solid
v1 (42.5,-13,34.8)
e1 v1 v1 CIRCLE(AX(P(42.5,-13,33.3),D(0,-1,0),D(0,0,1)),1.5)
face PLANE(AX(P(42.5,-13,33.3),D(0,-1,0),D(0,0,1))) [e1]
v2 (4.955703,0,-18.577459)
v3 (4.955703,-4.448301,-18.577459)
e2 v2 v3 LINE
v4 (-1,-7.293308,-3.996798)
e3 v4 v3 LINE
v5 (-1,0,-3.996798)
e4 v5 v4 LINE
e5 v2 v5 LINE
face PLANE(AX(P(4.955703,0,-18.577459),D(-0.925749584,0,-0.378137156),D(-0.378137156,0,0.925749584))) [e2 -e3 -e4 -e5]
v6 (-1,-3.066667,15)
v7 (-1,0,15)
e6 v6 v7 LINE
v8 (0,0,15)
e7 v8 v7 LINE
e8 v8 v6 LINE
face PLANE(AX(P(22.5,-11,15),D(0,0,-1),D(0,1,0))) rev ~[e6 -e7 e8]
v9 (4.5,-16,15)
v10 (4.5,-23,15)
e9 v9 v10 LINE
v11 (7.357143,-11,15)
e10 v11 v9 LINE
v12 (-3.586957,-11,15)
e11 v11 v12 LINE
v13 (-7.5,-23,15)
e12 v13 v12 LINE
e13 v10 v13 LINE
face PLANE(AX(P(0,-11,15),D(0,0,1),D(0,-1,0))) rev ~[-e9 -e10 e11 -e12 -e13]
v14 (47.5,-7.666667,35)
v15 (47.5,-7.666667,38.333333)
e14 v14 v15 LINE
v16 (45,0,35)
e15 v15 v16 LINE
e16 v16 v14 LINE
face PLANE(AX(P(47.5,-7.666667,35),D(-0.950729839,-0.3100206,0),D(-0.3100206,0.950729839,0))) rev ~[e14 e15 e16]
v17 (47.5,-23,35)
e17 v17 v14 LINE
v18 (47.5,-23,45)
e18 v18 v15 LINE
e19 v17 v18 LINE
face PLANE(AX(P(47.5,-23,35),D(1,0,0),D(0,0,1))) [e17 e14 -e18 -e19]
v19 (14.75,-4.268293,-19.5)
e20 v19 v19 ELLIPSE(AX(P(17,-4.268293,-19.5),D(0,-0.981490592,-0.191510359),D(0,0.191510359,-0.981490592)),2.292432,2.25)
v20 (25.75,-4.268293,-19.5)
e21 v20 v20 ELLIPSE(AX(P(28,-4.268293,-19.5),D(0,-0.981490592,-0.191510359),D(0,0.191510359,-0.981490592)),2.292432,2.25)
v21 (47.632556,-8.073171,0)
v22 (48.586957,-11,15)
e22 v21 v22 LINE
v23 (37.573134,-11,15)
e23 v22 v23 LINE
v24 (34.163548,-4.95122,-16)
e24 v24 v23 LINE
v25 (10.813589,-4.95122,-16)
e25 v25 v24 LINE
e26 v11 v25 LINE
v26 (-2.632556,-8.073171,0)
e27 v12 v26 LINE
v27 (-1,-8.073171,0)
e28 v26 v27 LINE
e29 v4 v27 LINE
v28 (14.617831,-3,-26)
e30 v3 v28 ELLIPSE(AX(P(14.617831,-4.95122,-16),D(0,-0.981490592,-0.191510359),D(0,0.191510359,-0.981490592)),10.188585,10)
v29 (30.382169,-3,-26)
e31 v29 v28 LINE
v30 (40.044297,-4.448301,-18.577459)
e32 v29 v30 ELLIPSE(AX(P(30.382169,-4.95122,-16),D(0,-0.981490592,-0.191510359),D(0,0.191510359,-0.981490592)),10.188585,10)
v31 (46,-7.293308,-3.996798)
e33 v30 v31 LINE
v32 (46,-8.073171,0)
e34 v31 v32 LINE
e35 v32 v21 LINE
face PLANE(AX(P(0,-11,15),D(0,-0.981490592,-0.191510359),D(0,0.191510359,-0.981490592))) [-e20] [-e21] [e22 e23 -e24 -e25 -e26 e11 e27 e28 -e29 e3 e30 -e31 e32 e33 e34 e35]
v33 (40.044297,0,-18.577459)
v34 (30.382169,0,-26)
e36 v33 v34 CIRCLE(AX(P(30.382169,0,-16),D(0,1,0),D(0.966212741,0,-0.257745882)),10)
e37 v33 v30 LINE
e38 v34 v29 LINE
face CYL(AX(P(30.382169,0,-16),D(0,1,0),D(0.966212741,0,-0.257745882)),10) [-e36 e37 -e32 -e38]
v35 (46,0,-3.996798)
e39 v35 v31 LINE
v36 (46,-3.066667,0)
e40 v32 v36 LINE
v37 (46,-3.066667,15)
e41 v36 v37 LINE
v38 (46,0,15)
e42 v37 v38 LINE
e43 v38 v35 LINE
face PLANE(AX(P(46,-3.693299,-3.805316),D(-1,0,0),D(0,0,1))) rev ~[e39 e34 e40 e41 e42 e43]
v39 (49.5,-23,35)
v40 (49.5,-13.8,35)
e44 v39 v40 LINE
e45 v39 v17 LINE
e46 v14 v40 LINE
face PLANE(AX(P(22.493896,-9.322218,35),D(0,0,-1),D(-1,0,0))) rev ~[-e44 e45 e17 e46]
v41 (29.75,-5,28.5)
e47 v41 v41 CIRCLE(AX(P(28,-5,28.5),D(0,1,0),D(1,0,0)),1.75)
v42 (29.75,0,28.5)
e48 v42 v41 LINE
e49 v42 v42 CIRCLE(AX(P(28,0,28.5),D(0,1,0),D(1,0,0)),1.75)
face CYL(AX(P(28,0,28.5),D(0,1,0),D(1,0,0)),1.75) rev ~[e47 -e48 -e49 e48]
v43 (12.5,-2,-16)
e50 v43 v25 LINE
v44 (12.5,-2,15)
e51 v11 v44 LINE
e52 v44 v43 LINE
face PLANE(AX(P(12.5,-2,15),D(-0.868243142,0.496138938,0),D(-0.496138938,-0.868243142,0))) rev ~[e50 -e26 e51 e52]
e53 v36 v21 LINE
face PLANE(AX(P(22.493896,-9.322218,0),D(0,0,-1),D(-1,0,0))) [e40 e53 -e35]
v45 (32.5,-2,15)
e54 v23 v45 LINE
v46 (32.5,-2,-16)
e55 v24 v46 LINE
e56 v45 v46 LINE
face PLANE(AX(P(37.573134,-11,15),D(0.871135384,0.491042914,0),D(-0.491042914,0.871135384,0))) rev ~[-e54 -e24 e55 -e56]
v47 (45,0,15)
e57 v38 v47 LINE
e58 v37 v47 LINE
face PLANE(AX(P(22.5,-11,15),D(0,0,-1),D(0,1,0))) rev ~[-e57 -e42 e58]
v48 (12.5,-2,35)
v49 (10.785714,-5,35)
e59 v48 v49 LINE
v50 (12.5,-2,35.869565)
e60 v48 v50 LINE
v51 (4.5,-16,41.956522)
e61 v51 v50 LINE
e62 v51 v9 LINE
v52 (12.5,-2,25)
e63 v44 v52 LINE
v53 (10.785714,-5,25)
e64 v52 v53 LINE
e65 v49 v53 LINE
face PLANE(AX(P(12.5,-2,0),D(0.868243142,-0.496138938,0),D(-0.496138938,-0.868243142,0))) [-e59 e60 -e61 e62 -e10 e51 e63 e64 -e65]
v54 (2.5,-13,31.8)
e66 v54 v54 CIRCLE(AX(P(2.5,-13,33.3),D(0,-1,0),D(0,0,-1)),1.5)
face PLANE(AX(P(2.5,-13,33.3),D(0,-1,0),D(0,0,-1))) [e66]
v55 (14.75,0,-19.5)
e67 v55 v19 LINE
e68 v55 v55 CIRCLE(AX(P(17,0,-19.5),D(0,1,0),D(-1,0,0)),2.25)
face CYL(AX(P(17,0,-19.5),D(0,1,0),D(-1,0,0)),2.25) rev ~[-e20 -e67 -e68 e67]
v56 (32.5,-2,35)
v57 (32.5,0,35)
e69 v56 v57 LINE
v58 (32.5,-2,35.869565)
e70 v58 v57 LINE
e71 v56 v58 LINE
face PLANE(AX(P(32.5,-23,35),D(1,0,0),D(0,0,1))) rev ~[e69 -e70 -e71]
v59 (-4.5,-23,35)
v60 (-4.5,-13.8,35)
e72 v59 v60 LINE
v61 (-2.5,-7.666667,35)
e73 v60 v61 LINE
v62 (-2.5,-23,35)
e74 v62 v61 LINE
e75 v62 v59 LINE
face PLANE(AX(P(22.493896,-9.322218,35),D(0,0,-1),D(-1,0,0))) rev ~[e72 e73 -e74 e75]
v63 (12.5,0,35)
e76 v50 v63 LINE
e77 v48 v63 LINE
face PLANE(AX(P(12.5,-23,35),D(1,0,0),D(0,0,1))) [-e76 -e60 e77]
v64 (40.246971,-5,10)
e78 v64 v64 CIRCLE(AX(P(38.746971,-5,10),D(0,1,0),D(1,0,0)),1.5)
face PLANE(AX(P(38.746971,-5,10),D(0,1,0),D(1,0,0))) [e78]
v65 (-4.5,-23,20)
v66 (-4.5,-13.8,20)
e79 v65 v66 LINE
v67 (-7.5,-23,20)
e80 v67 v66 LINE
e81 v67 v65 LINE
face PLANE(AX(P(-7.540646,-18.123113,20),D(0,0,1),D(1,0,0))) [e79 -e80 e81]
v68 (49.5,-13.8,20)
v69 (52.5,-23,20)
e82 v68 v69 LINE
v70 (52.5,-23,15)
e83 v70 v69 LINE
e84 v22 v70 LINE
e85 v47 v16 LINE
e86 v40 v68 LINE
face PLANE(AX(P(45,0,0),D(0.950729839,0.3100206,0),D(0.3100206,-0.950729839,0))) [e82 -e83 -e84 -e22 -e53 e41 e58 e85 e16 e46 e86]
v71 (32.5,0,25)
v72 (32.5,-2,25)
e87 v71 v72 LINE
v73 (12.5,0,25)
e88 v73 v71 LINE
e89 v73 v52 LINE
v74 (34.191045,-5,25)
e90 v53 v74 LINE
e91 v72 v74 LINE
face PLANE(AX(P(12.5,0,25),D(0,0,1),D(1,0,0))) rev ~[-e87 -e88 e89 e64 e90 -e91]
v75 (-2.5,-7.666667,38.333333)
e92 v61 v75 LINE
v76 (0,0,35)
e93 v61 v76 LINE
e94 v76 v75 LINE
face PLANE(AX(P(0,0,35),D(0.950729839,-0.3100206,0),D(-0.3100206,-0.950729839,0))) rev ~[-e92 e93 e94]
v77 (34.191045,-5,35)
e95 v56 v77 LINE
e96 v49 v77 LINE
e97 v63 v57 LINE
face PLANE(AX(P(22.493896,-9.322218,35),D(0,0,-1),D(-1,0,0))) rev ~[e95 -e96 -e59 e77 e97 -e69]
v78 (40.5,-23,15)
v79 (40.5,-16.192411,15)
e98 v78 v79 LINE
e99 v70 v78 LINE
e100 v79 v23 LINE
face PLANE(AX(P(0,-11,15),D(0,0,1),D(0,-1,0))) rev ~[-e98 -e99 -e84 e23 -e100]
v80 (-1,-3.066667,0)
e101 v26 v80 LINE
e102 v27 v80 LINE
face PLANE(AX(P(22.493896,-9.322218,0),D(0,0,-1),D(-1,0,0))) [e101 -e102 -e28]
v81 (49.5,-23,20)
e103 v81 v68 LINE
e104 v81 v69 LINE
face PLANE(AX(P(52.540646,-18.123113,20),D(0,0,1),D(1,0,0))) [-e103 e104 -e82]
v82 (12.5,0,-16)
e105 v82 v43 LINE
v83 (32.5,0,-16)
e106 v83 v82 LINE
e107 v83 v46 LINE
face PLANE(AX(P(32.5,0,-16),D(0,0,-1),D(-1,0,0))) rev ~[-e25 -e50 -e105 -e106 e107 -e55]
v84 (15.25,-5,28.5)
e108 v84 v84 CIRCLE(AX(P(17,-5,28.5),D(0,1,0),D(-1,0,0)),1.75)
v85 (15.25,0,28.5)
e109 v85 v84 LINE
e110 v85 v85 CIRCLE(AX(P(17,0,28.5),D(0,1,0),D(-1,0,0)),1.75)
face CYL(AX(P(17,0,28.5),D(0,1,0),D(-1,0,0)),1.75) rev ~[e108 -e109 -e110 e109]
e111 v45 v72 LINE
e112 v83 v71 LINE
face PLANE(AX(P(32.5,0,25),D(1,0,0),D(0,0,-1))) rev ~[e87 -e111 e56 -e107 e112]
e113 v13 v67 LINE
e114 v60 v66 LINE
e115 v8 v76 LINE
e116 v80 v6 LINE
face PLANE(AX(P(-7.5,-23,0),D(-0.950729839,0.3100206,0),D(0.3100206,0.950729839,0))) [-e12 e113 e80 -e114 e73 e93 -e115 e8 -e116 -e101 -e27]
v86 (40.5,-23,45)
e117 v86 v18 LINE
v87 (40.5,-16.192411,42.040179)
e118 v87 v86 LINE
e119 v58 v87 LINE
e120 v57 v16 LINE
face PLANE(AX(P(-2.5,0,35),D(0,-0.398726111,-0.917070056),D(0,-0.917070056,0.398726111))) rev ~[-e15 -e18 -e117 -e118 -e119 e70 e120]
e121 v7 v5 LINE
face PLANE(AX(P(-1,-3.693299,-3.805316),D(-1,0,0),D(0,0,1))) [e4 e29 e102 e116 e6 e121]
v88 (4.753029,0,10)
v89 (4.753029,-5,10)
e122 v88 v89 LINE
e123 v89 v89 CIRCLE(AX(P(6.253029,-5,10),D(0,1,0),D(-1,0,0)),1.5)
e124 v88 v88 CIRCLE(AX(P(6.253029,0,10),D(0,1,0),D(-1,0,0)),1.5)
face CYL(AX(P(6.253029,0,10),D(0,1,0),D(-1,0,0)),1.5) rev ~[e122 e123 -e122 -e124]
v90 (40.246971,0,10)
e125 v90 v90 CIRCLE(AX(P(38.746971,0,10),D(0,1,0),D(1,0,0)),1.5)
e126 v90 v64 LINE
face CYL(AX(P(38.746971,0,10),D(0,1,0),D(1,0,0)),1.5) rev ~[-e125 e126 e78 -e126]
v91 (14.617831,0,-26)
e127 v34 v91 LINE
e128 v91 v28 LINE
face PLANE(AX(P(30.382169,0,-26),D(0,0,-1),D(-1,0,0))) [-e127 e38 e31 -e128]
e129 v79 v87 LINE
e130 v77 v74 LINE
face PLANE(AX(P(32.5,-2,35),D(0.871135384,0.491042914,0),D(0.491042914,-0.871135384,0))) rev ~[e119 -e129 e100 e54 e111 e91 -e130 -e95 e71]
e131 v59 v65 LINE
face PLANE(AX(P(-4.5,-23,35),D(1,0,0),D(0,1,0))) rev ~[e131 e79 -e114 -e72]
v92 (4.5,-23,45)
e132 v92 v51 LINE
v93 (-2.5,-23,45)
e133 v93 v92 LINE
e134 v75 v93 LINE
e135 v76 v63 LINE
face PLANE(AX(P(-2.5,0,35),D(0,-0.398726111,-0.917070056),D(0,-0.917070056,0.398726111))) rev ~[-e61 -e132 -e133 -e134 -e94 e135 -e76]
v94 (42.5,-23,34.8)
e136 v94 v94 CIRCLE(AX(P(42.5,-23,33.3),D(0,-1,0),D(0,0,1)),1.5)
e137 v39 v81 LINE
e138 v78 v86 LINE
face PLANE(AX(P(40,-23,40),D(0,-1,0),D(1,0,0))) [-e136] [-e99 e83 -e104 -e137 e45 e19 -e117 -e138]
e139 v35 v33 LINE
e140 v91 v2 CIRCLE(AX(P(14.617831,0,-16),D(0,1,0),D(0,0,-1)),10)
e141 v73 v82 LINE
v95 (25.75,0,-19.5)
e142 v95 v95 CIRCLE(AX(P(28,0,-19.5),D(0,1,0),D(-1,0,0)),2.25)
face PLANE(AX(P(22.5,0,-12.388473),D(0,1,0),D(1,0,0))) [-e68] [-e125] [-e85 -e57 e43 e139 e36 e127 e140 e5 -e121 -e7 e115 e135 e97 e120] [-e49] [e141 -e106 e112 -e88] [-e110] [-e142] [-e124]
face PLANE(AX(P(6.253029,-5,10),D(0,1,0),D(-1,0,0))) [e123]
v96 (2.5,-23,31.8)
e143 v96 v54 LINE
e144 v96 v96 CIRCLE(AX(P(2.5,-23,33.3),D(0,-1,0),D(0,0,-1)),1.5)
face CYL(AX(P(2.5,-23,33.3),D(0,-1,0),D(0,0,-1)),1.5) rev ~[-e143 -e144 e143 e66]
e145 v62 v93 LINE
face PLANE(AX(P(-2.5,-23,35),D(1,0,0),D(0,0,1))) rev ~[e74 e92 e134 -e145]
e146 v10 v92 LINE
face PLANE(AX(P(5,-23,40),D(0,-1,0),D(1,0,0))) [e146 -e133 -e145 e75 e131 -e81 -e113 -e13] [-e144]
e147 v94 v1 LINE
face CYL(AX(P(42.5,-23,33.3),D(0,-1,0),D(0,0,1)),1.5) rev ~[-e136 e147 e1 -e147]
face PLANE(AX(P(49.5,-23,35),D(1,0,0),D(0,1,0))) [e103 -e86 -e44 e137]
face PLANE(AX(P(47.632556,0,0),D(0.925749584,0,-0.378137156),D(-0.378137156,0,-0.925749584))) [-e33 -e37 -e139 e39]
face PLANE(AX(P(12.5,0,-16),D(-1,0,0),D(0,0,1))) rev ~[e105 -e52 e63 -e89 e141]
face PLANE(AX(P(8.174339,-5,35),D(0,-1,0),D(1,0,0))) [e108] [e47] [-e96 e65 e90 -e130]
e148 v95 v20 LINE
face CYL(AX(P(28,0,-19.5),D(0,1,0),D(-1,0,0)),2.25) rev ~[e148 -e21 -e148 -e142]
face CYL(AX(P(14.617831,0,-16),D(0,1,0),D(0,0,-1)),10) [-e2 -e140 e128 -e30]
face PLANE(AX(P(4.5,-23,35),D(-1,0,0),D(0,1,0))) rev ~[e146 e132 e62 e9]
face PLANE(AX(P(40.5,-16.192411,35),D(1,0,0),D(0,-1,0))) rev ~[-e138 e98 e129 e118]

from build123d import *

# Parameters (mm, degrees)
SALIENTE_EXTRUIR1_DEPTH = 35
CROQUIS6_R              = 2.25
CROQUIS6_W              = 20
CROQUIS6_H              = 25
CORTAR_EXTRUIR3_DEPTH   = 10
CROQUIS7_R              = 2.25
SALIENTE_EXTRUIR4_DEPTH = 15
CROQUIS8_R              = 1.5
CORTAR_EXTRUIR4_DEPTH   = 10
CORTAR_EXTRUIR8_DEPTH   = 50
CORTAR_EXTRUIR11_REACH  = 69.158
CORTAR_EXTRUIR12_DEPTH  = 16
CROQUIS13_W             = 6.081292266
CROQUIS13_H             = 9.753773429
CORTAR_EXTRUIR13_DEPTH  = 15
CORTAR_EXTRUIR14_DEPTH  = 63.5
CORTAR_EXTRUIR15_DEPTH  = 100
SALIENTE_EXTRUIR5_REACH = 69.158
CROQUIS16_W             = 15
CROQUIS16_H             = 10
CORTAR_EXTRUIR16_DEPTH  = 200
CORTAR_EXTRUIR17_DEPTH  = 200
SALIENTE_EXTRUIR7_DEPTH = 23.5
CROQUIS22_R             = 2.25
CORTAR_EXTRUIR19_DEPTH  = 47
CORTAR_EXTRUIR20_DEPTH  = 31
CROQUIS24_W             = 29.420485752
CROQUIS24_H             = 5
SALIENTE_EXTRUIR9_DEPTH = 10
CROQUIS25_R             = 1.75
CROQUIS25_R_2           = 1.5
CORTAR_EXTRUIR21_DEPTH  = 5


with BuildPart() as part:
    # Croquis1 → Saliente-Extruir1 (new body)
    with BuildSketch(Plane.XY):
        Polygon((0, 0), (45, 0), (52.5, -23), (40.5, -23), (40.5, -16.192411456), (32.5, -2), (12.5, -2), (4.5, -16), (4.5, -23), (-7.5, -23), align=None)
    extrude(amount=SALIENTE_EXTRUIR1_DEPTH)

    # Croquis6 → Cortar-Extruir3 (cut)
    with BuildSketch(Plane(origin=(0, 0, 0), x_dir=(1, 0, 0), z_dir=(0, 1, 0))):
        with Locations(Location((17, -28.5, 0), (0, 0, 180))):
            Circle(CROQUIS6_R)
        with Locations(Location((28, -28.5, 0), (0, 0, 270))):
            Circle(CROQUIS6_R)
        with Locations((22.5, -12.5)):
            Rectangle(CROQUIS6_W, CROQUIS6_H)
    extrude(amount=-CORTAR_EXTRUIR3_DEPTH, mode=Mode.SUBTRACT)

    # Croquis8 → Cortar-Extruir4 (cut)
    with BuildSketch(Plane(origin=(0, -23, 0), x_dir=(-1, 0, 0), z_dir=(0, -1, 0))):
        with Locations(Location((-2.5, -33.3, 0), (0, 0, 90))):
            Circle(CROQUIS8_R)
        with Locations(Location((-42.5, -33.3, 0), (0, 0, 270))):
            Circle(CROQUIS8_R)
    extrude(amount=-CORTAR_EXTRUIR4_DEPTH, mode=Mode.SUBTRACT)

    # Cortar-Extruir11: up to this plane
    cortar_extruir11_end = Plane(origin=(50, -15, 0), z_dir=(0, -0.9079593845004518, -0.41905817746174695))
    # Croquis11 → Cortar-Extruir11 (cut, up to the surface)
    with BuildSketch(Plane.XZ.offset(23), mode=Mode.PRIVATE) as cortar_extruir11_sk1:
        with BuildLine():
            Line((-7.5, 15), (-7.5, -3.030649644))
            Line((-7.5, -3.030649644), (52.5, -3.030649644))
            Line((52.5, -3.030649644), (52.5, 15))
            ThreePointArc((52.5, 15), (22.5, 5.553378231), (-7.5, 15))
        make_face()
    cortar_extruir11_tool1 = split(extrude(cortar_extruir11_sk1.sketch, amount=-CORTAR_EXTRUIR11_REACH, mode=Mode.PRIVATE), bisect_by=cortar_extruir11_end, keep=Keep.BOTH, mode=Mode.PRIVATE)
    add(cortar_extruir11_tool1.solids().sort_by_distance((22.5, -23, 3.105508))[0], mode=Mode.SUBTRACT)

    # Croquis13 → Cortar-Extruir13 (cut)
    with BuildSketch(Plane.XY.offset(35)):
        with Locations((-7.540646133, -18.123113286)):
            Rectangle(CROQUIS13_W, CROQUIS13_H)
        with Locations((52.540646133, -18.123113286)):
            Rectangle(CROQUIS13_W, CROQUIS13_H)
    extrude(amount=-CORTAR_EXTRUIR13_DEPTH, mode=Mode.SUBTRACT)

    # Croquis14 → Cortar-Extruir14 (cut, symmetric)
    with BuildSketch(Plane(origin=(0, 0, 0), x_dir=(0, 0, -1), z_dir=(1, 0, 0))):
        Polygon((-15, -11), (-15, -28.858785619), (26, -23), (26, -3), align=None)
    extrude(amount=CORTAR_EXTRUIR14_DEPTH, both=True, mode=Mode.SUBTRACT)

    # Saliente-Extruir5: up to this face of the body (flat: up to its plane)
    saliente_extruir5_end = Plane(part.part.faces().sort_by_distance((6.25, 0, 0.570087713))[0])
    # Croquis16 → Saliente-Extruir5 (add, up to the picked face)
    with BuildSketch(Plane.XZ.offset(23), mode=Mode.PRIVATE) as saliente_extruir5_sk1:
        with Locations((5, 40)):
            Rectangle(CROQUIS16_W, CROQUIS16_H)
    saliente_extruir5_tool1 = split(extrude(saliente_extruir5_sk1.sketch, amount=-SALIENTE_EXTRUIR5_REACH, mode=Mode.PRIVATE), bisect_by=saliente_extruir5_end, keep=Keep.BOTH, mode=Mode.PRIVATE)
    # Croquis16 → Saliente-Extruir5 (add, up to the picked face)
    with BuildSketch(Plane.XZ.offset(23), mode=Mode.PRIVATE) as saliente_extruir5_sk2:
        with Locations((40, 40)):
            Rectangle(CROQUIS16_W, CROQUIS16_H)
    saliente_extruir5_tool2 = split(extrude(saliente_extruir5_sk2.sketch, amount=-SALIENTE_EXTRUIR5_REACH, mode=Mode.PRIVATE), bisect_by=saliente_extruir5_end, keep=Keep.BOTH, mode=Mode.PRIVATE)
    add(saliente_extruir5_tool1.solids().sort_by(Axis((5, -23, 40), (0, 1, 0)))[0])
    add(saliente_extruir5_tool2.solids().sort_by(Axis((40, -23, 40), (0, 1, 0)))[0])

    # Croquis17 → Cortar-Extruir16 (cut)
    with BuildSketch(Plane.ZY.offset(2.5)):
        Polygon((35, 0), (45, -23), (45, 0), align=None)
    extrude(amount=-CORTAR_EXTRUIR16_DEPTH, mode=Mode.SUBTRACT)

    # Croquis18 → Cortar-Extruir17 (cut)
    with BuildSketch(Plane(origin=(0, 0, 35), x_dir=(-1, 0, 0), z_dir=(0, 0, -1))):
        Polygon((-32.5, -2), (-40.5, -16.192411456), (-40.5, -23), (-32.5, -23), align=None)
        Polygon((-12.5, -23), (-4.5, -23), (-4.5, -16), (-12.5, -2), align=None)
        Polygon((-47.5, -7.666666667), (-45, 0), (-47.5, 0), align=None)
        Polygon((2.5, 0), (0, 0), (2.5, -7.666666667), align=None)
    extrude(amount=-CORTAR_EXTRUIR17_DEPTH, mode=Mode.SUBTRACT)



with BuildPart() as body_2:
    # Croquis7 → Saliente-Extruir4 (new body)
    with BuildSketch(Plane(origin=(0, 0, 0), x_dir=(1, 0, 0), z_dir=(0, 1, 0))):
        with BuildLine():
            Line((12.5, 16), (32.5, 16))
            Line((32.5, 16), (32.5, 0))
            Line((32.5, 0), (45, 0))
            Line((45, 0), (40.044296858, 18.577458823))
            ThreePointArc((40.044296858, 18.577458823), (36.474189304, 23.930150952), (30.382169451, 26))
            Line((30.382169451, 26), (14.617830549, 26))
            ThreePointArc((14.617830549, 26), (8.525810696, 23.930150952), (4.955703142, 18.577458823))
            Line((4.955703142, 18.577458823), (0, 0))
            Line((0, 0), (12.5, 0))
            Line((12.5, 0), (12.5, 16))
        make_face()
        with Locations((28, 19.5)):
            Circle(CROQUIS7_R, mode=Mode.SUBTRACT)
        with Locations((17, 19.5)):
            Circle(CROQUIS7_R, mode=Mode.SUBTRACT)
    extrude(amount=-SALIENTE_EXTRUIR4_DEPTH)

    # Croquis10 → Cortar-Extruir8 (cut)
    with BuildSketch(Plane(origin=(0, 0, 0), x_dir=(0, 0, -1), z_dir=(1, 0, 0))):
        Polygon((0, -15), (26, -3), (26, 0), (28.244981963, 0), (28.244981963, -21.856093693), align=None)
    extrude(amount=CORTAR_EXTRUIR8_DEPTH, mode=Mode.SUBTRACT)

    # Croquis12 → Cortar-Extruir12 (cut)
    with BuildSketch(Plane.XY):
        Polygon((12.5, -2), (12.5, -7.5), (12.5, -22.325980529), (0.885153984, -22.325980529), align=None)
        Polygon((44.114846016, -22.325980529), (32.5, -22.325980529), (32.5, -7.5), (32.5, -2), align=None)
    extrude(amount=-CORTAR_EXTRUIR12_DEPTH, mode=Mode.SUBTRACT)

    # Croquis15 → Cortar-Extruir15 (cut, symmetric)
    with BuildSketch(Plane(origin=(0, 0, 0), x_dir=(0, 0, -1), z_dir=(1, 0, 0))):
        Polygon((-15, -23), (-15, -11), (26, -3), align=None)
    extrude(amount=CORTAR_EXTRUIR15_DEPTH, both=True, mode=Mode.SUBTRACT)


with BuildPart() as part_1:
    add(part.part)

    add(body_2.part)  # Saliente-Extruir7 merges body 2
    # Croquis20 → Saliente-Extruir7 (add, symmetric)
    with BuildSketch(Plane(origin=(22.5, 0, 0), x_dir=(0, 0, -1), z_dir=(1, 0, 0))):
        Polygon((-15, -11), (-15, 0), (26, 0), (26, -3), align=None)
    extrude(amount=SALIENTE_EXTRUIR7_DEPTH, both=True)

    # Croquis22 → Cortar-Extruir19 (cut)
    with BuildSketch(Plane(origin=(0, 0, 0), x_dir=(1, 0, 0), z_dir=(0, 1, 0))):
        with Locations(Location((17, 19.5, 0), (0, 0, 180))):
            Circle(CROQUIS22_R)
        with Locations(Location((28, 19.5, 0), (0, 0, 180))):
            Circle(CROQUIS22_R)
        Polygon((12.5, 0), (12.5, -25), (32.5, -25), (32.5, 0), (32.5, 16), (12.5, 16), align=None)
        with BuildLine():
            Line((4.955703142, 18.577458823), (-2.632555673, 0))
            Line((-2.632555673, 0), (-11.688532454, 0))
            Line((-11.688532454, 0), (-11.688532454, 31.257495622))
            Line((-11.688532454, 31.257495622), (0, 31.257495622))
            Line((0, 31.257495622), (45, 31.257495622))
            Line((45, 31.257495622), (54.896993635, 31.257495622))
            Line((54.896993635, 31.257495622), (58.873924375, 0))
            Line((58.873924375, 0), (47.632555673, 0))
            Line((47.632555673, 0), (40.044296858, 18.577458823))
            ThreePointArc((40.044296858, 18.577458823), (36.474189304, 23.930150952), (30.382169451, 26))
            Line((30.382169451, 26), (14.617830549, 26))
            ThreePointArc((14.617830549, 26), (8.525810696, 23.930150952), (4.955703142, 18.577458823))
        make_face()
    extrude(amount=-CORTAR_EXTRUIR19_DEPTH, mode=Mode.SUBTRACT)

    # Croquis23 → Cortar-Extruir20 (cut)
    with BuildSketch(Plane.XY.offset(15)):
        Polygon((7.357142857, -11), (12.5, -11), (12.5, -2), align=None)
        Polygon((37.573133641, -11), (32.5, -2), (32.5, -11), align=None)
    extrude(amount=-CORTAR_EXTRUIR20_DEPTH, mode=Mode.SUBTRACT)

    # Croquis24 → Saliente-Extruir9 (add)
    with BuildSketch(Plane.XY.offset(35)):
        with Locations((22.884581513, -2.5)):
            Rectangle(CROQUIS24_W, CROQUIS24_H)
    extrude(amount=-SALIENTE_EXTRUIR9_DEPTH)

    # Croquis25 → Cortar-Extruir21 (cut)
    with BuildSketch(Plane(origin=(0, 0, 0), x_dir=(1, 0, 0), z_dir=(0, 1, 0))):
        with Locations(Location((17, -28.5, 0), (0, 0, 180))):
            Circle(CROQUIS25_R)
        with Locations((28, -28.5)):
            Circle(CROQUIS25_R)
        with Locations(Location((6.253029256, -10.000000184, 0), (0, 0, 180))):
            Circle(CROQUIS25_R_2)
        with Locations((38.746970744, -10.000000184)):
            Circle(CROQUIS25_R_2)
    extrude(amount=-CORTAR_EXTRUIR21_DEPTH, mode=Mode.SUBTRACT)


solid = part_1.part
